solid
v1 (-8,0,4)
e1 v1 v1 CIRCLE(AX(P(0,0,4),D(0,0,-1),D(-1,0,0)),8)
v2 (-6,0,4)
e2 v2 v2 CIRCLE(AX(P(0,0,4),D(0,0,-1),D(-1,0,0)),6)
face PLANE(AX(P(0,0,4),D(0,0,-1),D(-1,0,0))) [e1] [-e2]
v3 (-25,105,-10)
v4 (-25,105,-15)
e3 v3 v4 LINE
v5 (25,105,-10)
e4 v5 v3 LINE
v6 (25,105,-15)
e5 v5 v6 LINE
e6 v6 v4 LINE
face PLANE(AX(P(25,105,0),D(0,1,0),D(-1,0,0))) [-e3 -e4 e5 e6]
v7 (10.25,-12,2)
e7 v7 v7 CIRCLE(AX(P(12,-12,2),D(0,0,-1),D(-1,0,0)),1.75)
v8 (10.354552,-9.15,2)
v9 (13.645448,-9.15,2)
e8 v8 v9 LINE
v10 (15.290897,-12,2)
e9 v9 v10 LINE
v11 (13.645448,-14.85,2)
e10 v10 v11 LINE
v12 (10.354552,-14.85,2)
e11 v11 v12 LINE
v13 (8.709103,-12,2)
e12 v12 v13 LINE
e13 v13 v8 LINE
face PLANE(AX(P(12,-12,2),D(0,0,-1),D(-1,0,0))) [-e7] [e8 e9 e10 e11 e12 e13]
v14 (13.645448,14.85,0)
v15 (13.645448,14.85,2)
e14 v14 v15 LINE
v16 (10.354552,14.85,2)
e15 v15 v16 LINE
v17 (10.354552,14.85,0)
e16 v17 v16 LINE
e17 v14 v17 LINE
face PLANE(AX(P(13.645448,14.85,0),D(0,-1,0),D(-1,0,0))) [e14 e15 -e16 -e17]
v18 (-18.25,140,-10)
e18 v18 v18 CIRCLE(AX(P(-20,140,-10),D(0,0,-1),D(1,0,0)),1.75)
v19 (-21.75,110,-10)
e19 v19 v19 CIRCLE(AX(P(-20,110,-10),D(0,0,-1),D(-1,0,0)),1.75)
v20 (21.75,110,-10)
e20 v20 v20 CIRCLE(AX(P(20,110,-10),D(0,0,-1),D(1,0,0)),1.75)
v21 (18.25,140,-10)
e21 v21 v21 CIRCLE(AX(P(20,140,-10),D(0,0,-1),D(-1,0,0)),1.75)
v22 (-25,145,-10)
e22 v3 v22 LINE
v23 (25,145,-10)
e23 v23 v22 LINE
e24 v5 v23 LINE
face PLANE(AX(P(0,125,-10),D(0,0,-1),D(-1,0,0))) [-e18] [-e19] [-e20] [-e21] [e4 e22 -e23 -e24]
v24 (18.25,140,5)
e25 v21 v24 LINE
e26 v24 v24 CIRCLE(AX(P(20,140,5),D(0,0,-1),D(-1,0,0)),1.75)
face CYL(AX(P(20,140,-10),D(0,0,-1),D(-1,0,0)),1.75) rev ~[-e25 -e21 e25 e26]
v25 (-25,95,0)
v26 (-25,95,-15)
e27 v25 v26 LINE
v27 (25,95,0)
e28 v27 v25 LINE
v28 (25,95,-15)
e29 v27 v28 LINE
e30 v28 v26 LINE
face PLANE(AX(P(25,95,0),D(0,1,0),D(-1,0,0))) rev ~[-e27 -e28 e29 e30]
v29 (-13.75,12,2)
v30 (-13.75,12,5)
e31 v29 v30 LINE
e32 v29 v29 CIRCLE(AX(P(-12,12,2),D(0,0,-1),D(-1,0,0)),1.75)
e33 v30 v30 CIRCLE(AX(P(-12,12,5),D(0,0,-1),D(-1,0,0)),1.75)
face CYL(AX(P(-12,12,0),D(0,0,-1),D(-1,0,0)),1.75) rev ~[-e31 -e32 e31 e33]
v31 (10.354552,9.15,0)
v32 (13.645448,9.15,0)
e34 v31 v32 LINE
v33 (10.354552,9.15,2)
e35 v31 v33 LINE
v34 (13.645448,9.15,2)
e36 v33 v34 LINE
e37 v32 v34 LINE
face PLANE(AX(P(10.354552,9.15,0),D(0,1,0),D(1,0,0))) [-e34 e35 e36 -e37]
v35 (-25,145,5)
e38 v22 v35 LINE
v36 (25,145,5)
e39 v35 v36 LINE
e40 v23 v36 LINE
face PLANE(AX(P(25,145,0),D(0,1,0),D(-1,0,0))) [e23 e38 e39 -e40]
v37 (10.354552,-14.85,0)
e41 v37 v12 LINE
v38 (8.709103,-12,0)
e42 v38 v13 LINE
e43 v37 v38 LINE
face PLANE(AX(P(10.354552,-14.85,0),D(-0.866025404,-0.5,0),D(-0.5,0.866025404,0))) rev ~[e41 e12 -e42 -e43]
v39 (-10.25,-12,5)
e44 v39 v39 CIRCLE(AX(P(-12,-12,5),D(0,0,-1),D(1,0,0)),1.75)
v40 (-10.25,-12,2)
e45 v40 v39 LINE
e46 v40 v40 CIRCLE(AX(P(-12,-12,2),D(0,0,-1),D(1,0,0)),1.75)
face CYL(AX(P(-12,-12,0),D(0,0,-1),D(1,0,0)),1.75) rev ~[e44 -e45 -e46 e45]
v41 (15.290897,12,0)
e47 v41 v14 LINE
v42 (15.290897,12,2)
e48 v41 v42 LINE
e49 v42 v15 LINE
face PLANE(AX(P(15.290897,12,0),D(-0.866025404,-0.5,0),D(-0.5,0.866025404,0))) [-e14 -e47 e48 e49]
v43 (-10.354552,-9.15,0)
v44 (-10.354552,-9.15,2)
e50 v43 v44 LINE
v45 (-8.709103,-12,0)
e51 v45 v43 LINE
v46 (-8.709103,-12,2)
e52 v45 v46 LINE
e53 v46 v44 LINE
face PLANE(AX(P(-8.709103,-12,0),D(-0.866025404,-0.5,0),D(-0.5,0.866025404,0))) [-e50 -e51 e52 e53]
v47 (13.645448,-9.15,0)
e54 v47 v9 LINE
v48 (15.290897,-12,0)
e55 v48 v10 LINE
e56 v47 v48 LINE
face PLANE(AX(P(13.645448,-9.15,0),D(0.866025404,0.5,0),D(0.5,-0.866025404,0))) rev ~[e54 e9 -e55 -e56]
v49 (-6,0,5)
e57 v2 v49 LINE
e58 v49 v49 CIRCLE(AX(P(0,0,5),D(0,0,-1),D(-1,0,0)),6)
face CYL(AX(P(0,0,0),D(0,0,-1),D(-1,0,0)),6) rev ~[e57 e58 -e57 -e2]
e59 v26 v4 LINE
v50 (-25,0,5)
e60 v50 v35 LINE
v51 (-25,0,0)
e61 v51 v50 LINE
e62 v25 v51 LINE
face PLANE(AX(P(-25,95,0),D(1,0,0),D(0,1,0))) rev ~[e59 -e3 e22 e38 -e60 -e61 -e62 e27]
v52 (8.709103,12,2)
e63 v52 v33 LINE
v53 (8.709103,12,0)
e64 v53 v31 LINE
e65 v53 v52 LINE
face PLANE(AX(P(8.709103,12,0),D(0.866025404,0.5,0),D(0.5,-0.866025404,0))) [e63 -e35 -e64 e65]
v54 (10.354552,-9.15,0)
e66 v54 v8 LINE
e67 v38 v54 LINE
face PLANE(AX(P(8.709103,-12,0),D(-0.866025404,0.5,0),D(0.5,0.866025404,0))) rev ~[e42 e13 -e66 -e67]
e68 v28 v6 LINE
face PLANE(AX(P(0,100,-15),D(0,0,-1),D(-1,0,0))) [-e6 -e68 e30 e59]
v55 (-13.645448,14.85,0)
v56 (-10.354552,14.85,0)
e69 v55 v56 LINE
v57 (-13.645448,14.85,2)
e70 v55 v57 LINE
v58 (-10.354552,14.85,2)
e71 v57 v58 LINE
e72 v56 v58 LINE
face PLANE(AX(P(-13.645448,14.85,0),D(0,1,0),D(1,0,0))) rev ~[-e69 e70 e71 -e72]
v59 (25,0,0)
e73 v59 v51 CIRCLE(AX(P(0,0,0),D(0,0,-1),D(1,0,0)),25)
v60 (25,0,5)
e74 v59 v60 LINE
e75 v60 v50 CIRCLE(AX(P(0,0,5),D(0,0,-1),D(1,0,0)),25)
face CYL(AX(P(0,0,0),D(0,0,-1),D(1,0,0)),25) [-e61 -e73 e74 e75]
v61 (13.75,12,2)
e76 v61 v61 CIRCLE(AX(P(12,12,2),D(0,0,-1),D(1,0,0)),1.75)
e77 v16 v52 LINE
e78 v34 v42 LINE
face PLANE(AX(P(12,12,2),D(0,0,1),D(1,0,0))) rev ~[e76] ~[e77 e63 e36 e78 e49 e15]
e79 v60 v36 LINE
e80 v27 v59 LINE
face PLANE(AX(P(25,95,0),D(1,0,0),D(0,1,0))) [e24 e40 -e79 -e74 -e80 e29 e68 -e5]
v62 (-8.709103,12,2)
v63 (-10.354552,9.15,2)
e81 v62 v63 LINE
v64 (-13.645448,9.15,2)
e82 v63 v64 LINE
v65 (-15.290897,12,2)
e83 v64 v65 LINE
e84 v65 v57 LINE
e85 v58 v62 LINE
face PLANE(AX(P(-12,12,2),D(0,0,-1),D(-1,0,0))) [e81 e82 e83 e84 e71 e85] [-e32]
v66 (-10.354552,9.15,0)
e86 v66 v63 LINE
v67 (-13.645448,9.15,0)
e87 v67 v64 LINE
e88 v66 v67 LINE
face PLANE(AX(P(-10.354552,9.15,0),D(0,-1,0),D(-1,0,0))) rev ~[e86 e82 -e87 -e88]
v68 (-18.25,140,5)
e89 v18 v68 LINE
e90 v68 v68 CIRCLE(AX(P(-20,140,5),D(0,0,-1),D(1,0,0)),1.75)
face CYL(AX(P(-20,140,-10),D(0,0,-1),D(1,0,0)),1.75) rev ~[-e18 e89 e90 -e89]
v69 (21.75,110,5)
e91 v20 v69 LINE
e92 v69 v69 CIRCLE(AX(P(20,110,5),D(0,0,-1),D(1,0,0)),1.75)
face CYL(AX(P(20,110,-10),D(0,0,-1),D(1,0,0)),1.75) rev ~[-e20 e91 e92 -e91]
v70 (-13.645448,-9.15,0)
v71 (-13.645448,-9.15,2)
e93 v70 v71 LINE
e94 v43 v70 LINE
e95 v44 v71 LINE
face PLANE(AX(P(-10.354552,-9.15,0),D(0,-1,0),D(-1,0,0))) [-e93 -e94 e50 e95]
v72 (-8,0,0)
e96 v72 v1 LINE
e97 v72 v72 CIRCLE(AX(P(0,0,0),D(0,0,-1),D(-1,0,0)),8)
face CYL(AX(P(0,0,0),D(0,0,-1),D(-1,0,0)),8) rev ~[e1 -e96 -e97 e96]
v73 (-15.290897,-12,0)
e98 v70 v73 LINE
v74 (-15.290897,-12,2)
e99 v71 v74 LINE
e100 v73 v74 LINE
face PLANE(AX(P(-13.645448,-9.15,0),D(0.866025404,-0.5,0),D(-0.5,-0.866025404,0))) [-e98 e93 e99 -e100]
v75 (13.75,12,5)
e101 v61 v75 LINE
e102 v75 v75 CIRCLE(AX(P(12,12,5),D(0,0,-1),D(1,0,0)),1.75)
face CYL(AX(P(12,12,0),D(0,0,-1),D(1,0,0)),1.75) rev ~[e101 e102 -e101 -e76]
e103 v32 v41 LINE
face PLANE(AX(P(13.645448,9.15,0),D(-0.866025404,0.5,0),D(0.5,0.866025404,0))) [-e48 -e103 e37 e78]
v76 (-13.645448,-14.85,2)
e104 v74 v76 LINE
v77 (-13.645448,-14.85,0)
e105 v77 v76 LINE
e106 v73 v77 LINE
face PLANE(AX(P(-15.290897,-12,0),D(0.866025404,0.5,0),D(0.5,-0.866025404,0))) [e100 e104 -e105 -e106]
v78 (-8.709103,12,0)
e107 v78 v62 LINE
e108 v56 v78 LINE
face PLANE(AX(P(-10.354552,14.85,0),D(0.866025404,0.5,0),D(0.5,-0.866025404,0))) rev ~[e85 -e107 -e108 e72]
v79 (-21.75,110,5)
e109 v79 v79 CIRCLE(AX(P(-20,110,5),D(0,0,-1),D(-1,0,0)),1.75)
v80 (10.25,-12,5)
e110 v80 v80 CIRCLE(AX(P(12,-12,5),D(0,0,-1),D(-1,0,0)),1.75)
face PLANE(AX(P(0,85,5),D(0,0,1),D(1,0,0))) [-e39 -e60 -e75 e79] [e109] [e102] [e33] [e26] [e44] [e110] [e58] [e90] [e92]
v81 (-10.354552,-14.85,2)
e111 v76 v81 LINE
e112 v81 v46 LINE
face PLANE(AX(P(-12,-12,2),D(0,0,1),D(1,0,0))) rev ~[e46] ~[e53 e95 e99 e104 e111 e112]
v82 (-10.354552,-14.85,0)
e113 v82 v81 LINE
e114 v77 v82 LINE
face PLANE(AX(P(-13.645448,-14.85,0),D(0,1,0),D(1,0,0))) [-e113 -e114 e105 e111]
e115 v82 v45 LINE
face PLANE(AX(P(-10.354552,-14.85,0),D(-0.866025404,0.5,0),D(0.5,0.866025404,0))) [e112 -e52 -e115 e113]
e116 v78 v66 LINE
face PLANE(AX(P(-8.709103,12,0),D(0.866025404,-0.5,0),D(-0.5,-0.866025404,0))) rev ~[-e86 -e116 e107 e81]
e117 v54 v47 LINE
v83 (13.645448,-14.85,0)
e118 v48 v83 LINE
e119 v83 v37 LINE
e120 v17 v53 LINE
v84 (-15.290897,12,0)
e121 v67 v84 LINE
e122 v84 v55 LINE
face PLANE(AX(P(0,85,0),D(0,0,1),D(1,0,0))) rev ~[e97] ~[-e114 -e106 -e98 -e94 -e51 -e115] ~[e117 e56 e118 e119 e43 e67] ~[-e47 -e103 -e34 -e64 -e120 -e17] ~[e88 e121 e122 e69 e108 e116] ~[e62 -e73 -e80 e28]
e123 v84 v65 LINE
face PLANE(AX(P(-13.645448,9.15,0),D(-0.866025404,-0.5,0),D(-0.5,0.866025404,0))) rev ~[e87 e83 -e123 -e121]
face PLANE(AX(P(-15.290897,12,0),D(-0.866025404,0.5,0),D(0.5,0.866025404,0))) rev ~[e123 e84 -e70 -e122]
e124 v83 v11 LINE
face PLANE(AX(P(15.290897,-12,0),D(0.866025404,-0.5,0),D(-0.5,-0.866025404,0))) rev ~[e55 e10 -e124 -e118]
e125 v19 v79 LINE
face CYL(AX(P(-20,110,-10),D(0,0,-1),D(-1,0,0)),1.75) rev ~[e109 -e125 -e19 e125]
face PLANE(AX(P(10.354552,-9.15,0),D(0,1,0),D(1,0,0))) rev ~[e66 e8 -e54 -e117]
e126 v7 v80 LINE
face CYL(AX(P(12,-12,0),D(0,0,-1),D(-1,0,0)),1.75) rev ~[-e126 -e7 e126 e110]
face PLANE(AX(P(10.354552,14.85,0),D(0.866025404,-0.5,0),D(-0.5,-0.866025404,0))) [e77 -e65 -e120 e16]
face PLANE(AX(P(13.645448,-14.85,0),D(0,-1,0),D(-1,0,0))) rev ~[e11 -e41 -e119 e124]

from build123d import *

# Parameters (mm, degrees)
BOSS_EXTRUDE1_DEPTH = 5
SKETCH3_R           = 6
CUT_EXTRUDE2_DEPTH  = 36.707142143
SKETCH4_R           = 8
CUT_EXTRUDE3_DEPTH  = 4
SKETCH5_W           = 50
SKETCH5_H           = 120
BOSS_EXTRUDE2_DEPTH = 5
SKETCH6_R           = 1.75
CUT_EXTRUDE4_DEPTH  = 148.224318643
CUT_EXTRUDE5_DEPTH  = 2
SKETCH9_W           = 50
SKETCH9_H           = 40
BOSS_EXTRUDE3_DEPTH = 10
SKETCH10_W          = 50
SKETCH10_H          = 10
BOSS_EXTRUDE4_DEPTH = 15
SKETCH11_R          = 1.75
CUT_EXTRUDE6_DEPTH  = 148.901994577


with BuildPart() as part:
    # Sketch1 → Boss-Extrude1 (new body)
    with BuildSketch(Plane.XY):
        with BuildLine():
            Line((-25, 0), (-25, 25))
            Line((-25, 25), (25, 25))
            Line((25, 25), (25, 0))
            ThreePointArc((25, 0), (0, -25), (-25, 0))
        make_face()
    extrude(amount=BOSS_EXTRUDE1_DEPTH)

    # Sketch3 → Cut-Extrude2 (cut, through all)
    with BuildSketch(Plane(origin=(0, 0, 0), x_dir=(-1, 0, 0), z_dir=(0, 0, -1))):
        Circle(SKETCH3_R)
    extrude(amount=-CUT_EXTRUDE2_DEPTH, mode=Mode.SUBTRACT)

    # Sketch4 → Cut-Extrude3 (cut)
    with BuildSketch(Plane(origin=(0, 0, 0), x_dir=(-1, 0, 0), z_dir=(0, 0, -1))):
        Circle(SKETCH4_R)
    extrude(amount=-CUT_EXTRUDE3_DEPTH, mode=Mode.SUBTRACT)

    # Sketch5 → Boss-Extrude2 (add)
    with BuildSketch(Plane.XY):
        with Locations((0, 85)):
            Rectangle(SKETCH5_W, SKETCH5_H)
    extrude(amount=BOSS_EXTRUDE2_DEPTH)

    # Sketch6 → Cut-Extrude4 (cut, through all)
    with BuildSketch(Plane(origin=(0, 0, 0), x_dir=(-1, 0, 0), z_dir=(0, 0, -1))):
        with Locations((-12, -12)):
            Circle(SKETCH6_R)
        with Locations(Location((12, -12, 0), (0, 0, 180))):
            Circle(SKETCH6_R)
        with Locations((12, 12)):
            Circle(SKETCH6_R)
        with Locations(Location((-12, 12, 0), (0, 0, 180))):
            Circle(SKETCH6_R)
    extrude(amount=-CUT_EXTRUDE4_DEPTH, mode=Mode.SUBTRACT)

    # Sketch7 → Cut-Extrude5 (cut)
    with BuildSketch(Plane(origin=(0, 0, 0), x_dir=(-1, 0, 0), z_dir=(0, 0, -1))):
        Polygon((-8.709103466, -12), (-10.354551733, -9.15), (-13.645448267, -9.15), (-15.290896534, -12), (-13.645448267, -14.85), (-10.354551733, -14.85), align=None)
        Polygon((10.354551733, -14.85), (8.709103466, -12), (10.354551733, -9.15), (13.645448267, -9.15), (15.290896534, -12), (13.645448267, -14.85), align=None)
        Polygon((8.709103466, 12), (10.354551733, 9.15), (13.645448267, 9.15), (15.290896534, 12), (13.645448267, 14.85), (10.354551733, 14.85), align=None)
        Polygon((-10.354551733, 14.85), (-8.709103466, 12), (-10.354551733, 9.15), (-13.645448267, 9.15), (-15.290896534, 12), (-13.645448267, 14.85), align=None)
    extrude(amount=-CUT_EXTRUDE5_DEPTH, mode=Mode.SUBTRACT)

    # Sketch9 → Boss-Extrude3 (add)
    with BuildSketch(Plane(origin=(0, 0, 0), x_dir=(-1, 0, 0), z_dir=(0, 0, -1))):
        with Locations((0, 125)):
            Rectangle(SKETCH9_W, SKETCH9_H)
    extrude(amount=BOSS_EXTRUDE3_DEPTH)

    # Sketch10 → Boss-Extrude4 (add)
    with BuildSketch(Plane(origin=(0, 0, 0), x_dir=(-1, 0, 0), z_dir=(0, 0, -1))):
        with Locations((0, 100)):
            Rectangle(SKETCH10_W, SKETCH10_H)
    extrude(amount=BOSS_EXTRUDE4_DEPTH)

    # Sketch11 → Cut-Extrude6 (cut, through all)
    with BuildSketch(Plane(origin=(0, 0, -10), x_dir=(-1, 0, 0), z_dir=(0, 0, -1))):
        with Locations((-20, 140)):
            Circle(SKETCH11_R)
        with Locations(Location((20, 140, 0), (0, 0, 180))):
            Circle(SKETCH11_R)
        with Locations((20, 110)):
            Circle(SKETCH11_R)
        with Locations(Location((-20, 110, 0), (0, 0, 180))):
            Circle(SKETCH11_R)
    extrude(amount=-CUT_EXTRUDE6_DEPTH, mode=Mode.SUBTRACT)


solid = part.part
